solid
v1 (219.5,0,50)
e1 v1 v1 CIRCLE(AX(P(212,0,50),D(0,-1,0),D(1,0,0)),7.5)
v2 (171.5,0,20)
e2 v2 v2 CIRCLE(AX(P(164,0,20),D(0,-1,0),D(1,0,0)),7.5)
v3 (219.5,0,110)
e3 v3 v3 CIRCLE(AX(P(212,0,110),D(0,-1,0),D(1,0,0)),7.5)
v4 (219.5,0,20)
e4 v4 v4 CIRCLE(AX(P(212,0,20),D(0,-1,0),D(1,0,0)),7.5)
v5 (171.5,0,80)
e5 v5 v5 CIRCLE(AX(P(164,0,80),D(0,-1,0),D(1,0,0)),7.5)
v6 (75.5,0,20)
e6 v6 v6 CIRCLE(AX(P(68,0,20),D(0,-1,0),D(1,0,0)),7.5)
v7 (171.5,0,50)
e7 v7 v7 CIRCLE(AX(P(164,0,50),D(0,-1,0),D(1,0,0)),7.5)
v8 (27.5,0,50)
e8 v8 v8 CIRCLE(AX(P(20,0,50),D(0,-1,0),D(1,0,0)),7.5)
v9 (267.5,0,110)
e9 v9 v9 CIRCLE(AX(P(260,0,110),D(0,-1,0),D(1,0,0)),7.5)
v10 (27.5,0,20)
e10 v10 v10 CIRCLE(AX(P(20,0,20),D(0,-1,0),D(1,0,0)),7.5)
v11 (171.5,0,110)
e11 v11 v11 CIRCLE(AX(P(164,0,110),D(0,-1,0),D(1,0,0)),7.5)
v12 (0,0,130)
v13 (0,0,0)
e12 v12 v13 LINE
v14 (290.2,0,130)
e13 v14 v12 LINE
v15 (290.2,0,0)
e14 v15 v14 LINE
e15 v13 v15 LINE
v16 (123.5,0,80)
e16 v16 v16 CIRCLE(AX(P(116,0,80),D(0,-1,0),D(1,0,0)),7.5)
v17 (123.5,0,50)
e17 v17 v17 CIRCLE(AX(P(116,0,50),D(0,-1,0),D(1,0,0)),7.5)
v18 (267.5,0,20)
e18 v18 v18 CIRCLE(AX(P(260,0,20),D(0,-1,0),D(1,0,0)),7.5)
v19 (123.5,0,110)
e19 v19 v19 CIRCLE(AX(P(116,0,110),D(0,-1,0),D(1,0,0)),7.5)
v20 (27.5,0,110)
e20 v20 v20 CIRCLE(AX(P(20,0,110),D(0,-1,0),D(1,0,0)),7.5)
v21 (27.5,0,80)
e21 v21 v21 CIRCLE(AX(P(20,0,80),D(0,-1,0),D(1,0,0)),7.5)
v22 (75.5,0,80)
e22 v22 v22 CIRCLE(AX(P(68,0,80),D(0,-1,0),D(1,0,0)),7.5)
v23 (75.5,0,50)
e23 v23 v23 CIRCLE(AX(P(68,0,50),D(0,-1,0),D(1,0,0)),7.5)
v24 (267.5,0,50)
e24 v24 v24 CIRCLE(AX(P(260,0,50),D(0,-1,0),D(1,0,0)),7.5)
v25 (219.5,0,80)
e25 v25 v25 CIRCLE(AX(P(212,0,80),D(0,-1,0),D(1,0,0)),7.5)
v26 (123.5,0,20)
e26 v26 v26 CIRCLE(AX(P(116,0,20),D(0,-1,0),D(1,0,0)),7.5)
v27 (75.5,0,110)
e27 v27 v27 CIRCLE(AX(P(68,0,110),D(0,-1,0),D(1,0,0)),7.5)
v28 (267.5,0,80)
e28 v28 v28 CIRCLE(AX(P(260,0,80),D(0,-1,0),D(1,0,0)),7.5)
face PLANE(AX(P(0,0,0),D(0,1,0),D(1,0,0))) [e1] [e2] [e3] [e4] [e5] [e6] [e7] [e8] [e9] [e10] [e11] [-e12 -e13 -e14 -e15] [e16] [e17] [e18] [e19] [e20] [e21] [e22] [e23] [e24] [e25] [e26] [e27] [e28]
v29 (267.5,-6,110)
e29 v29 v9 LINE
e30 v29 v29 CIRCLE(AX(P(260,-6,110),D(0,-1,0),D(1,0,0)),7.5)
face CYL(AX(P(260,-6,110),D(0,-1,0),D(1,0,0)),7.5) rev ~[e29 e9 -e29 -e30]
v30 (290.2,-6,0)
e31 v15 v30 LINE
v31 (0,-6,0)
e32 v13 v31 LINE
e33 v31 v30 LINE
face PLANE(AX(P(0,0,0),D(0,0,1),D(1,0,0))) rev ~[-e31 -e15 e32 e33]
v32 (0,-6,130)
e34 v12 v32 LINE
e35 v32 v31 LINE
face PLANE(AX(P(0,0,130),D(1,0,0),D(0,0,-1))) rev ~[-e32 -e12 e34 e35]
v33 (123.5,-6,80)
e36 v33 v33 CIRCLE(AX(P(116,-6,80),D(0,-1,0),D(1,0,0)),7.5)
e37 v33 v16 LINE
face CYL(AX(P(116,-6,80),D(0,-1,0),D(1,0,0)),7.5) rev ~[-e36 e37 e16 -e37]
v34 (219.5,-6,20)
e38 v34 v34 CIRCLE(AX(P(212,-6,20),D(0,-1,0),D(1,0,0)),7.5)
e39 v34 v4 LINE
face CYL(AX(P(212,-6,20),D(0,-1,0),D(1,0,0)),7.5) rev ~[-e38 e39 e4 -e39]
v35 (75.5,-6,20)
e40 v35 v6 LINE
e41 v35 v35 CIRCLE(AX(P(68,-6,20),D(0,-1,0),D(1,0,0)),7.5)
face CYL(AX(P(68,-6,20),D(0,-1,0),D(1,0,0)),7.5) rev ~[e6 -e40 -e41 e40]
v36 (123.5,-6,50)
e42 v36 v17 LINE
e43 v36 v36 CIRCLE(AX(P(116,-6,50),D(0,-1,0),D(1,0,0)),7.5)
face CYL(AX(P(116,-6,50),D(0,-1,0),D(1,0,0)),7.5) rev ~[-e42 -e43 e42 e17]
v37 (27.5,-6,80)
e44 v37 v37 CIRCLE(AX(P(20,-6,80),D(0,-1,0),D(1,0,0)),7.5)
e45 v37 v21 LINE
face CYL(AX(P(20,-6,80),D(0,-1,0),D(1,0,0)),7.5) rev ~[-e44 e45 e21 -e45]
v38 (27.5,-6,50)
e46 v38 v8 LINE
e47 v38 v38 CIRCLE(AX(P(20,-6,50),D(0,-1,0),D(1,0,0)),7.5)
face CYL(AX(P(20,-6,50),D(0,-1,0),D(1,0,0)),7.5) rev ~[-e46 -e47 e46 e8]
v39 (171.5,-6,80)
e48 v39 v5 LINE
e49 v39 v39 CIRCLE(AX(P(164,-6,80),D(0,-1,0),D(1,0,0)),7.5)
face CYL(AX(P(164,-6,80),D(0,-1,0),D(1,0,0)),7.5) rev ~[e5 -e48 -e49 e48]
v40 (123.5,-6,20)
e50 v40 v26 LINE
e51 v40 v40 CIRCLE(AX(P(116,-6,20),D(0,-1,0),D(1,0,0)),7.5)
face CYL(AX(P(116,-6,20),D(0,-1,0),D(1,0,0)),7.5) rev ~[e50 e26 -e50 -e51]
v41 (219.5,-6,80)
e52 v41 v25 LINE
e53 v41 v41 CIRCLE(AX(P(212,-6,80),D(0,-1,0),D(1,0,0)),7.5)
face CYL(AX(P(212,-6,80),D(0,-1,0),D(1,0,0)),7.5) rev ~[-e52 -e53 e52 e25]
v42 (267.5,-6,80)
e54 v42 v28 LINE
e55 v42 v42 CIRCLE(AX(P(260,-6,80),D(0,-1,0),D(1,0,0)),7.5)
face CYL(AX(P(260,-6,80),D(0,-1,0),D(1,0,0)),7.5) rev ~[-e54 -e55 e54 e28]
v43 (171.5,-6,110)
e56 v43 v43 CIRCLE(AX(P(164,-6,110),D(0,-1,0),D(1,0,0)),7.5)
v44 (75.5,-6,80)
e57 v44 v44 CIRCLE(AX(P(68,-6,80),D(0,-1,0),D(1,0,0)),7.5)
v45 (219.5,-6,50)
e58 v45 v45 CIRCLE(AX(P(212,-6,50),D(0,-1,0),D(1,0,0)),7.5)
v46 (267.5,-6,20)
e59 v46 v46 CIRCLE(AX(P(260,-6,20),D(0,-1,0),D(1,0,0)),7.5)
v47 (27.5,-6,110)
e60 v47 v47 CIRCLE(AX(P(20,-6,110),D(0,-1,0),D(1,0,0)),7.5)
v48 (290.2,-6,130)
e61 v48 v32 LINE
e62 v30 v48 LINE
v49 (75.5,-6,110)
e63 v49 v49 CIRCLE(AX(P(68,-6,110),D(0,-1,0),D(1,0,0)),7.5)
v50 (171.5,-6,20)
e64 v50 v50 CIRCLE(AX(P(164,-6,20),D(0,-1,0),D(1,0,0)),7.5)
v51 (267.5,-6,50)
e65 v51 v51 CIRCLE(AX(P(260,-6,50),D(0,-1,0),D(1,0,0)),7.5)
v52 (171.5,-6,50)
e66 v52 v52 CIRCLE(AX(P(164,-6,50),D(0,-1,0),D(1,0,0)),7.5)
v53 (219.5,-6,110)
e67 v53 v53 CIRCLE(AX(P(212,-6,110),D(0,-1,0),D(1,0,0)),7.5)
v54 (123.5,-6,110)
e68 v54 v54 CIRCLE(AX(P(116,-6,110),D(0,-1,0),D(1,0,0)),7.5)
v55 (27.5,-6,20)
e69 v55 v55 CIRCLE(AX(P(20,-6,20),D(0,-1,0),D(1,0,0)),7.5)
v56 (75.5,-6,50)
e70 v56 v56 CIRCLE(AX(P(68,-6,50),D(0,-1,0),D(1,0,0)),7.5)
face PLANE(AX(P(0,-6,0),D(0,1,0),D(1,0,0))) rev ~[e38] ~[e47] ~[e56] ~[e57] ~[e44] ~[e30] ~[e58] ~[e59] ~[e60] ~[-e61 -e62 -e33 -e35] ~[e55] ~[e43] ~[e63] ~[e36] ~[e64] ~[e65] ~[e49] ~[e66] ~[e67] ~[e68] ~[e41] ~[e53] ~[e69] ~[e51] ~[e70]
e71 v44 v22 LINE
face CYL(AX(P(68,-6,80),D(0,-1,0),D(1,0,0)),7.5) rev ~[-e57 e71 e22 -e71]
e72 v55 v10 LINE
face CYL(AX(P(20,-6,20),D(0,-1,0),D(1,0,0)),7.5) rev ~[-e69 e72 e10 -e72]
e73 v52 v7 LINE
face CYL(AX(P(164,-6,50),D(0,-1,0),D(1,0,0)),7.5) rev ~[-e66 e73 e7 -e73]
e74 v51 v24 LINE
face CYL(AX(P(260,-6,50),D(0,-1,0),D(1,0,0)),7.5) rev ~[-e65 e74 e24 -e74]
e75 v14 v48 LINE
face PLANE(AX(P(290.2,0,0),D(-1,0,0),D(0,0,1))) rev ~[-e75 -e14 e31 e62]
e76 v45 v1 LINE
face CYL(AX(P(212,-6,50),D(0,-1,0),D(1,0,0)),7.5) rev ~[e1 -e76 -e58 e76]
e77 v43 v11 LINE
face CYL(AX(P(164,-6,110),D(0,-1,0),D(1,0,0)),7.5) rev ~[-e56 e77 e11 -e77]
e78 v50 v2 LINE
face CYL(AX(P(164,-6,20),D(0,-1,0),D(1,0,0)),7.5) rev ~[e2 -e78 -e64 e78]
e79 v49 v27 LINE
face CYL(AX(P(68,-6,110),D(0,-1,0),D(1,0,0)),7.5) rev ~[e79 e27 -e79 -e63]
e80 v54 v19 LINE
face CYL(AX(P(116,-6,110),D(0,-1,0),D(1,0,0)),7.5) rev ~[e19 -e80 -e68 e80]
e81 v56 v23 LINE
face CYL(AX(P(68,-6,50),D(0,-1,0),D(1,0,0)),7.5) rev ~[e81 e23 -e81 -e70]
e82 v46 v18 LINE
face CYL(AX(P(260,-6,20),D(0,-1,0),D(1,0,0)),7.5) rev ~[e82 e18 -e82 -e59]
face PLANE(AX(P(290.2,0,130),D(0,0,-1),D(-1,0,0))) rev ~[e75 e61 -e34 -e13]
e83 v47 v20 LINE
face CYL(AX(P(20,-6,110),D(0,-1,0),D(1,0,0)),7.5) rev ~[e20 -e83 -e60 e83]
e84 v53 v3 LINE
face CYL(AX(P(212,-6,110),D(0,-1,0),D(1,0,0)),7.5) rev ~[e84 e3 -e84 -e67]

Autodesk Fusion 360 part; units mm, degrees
sketch "Sketch1" plane through (0, 0, 0) normal (0, 1, 0) x (1, 0, 0)
  line L0 (0, 0) -> (290.2, 0)
  line L1 (290.2, 0) -> (290.2, -130)
  line L2 (290.2, -130) -> (0, -130)
  line L3 (0, -130) -> (0, 0)
  dimension "d1" = 290.2
  dimension "d2" = 130
extrude "Extrude1" add sketch "Sketch1" against normal blind 6
sketch "Sketch2" plane through (0, -6, 0) normal (0, -1, 0) x (1, 0, 0)
  line L0 (290.2, 130) -> (0, 130)
  line L1 (0, 130) -> (0, 0)
  line L2 (0, 0) -> (290.2, 0)
  line L3 (290.2, 0) -> (290.2, 130)
  circle A0 centre (20, 110) radius 7.5
  circle A1 centre (68, 110) radius 7.5
  circle A2 centre (116, 110) radius 7.5
  circle A3 centre (164, 110) radius 7.5
  circle A4 centre (212, 110) radius 7.5
  circle A5 centre (260, 110) radius 7.5
  circle A6 centre (20, 80) radius 7.5
  circle A7 centre (68, 80) radius 7.5
  circle A8 centre (116, 80) radius 7.5
  circle A9 centre (164, 80) radius 7.5
  circle A10 centre (212, 80) radius 7.5
  circle A11 centre (260, 80) radius 7.5
  circle A12 centre (20, 50) radius 7.5
  circle A13 centre (68, 50) radius 7.5
  circle A14 centre (116, 50) radius 7.5
  circle A15 centre (164, 50) radius 7.5
  circle A16 centre (212, 50) radius 7.5
  circle A17 centre (260, 50) radius 7.5
  circle A18 centre (20, 20) radius 7.5
  circle A19 centre (68, 20) radius 7.5
  circle A20 centre (116, 20) radius 7.5
  circle A21 centre (164, 20) radius 7.5
  circle A22 centre (212, 20) radius 7.5
  circle A23 centre (260, 20) radius 7.5
  dimension "d5" = 15
  dimension "d6" = 20
  dimension "d7" = 20
  dimension "d10" = 240
  dimension "d11" = -90
extrude "Extrude2" cut sketch "Sketch2" against normal up to surface (6 mm away) contours A0 | A1 | A2 | A3 | A4 | A5 | A6 | A7 | A8 | A9 | A10 | A11 | A12 | A13 | A14 | A15 | A16 | A17 | A18 | A19 | A20 | A21 | A22 | A23
